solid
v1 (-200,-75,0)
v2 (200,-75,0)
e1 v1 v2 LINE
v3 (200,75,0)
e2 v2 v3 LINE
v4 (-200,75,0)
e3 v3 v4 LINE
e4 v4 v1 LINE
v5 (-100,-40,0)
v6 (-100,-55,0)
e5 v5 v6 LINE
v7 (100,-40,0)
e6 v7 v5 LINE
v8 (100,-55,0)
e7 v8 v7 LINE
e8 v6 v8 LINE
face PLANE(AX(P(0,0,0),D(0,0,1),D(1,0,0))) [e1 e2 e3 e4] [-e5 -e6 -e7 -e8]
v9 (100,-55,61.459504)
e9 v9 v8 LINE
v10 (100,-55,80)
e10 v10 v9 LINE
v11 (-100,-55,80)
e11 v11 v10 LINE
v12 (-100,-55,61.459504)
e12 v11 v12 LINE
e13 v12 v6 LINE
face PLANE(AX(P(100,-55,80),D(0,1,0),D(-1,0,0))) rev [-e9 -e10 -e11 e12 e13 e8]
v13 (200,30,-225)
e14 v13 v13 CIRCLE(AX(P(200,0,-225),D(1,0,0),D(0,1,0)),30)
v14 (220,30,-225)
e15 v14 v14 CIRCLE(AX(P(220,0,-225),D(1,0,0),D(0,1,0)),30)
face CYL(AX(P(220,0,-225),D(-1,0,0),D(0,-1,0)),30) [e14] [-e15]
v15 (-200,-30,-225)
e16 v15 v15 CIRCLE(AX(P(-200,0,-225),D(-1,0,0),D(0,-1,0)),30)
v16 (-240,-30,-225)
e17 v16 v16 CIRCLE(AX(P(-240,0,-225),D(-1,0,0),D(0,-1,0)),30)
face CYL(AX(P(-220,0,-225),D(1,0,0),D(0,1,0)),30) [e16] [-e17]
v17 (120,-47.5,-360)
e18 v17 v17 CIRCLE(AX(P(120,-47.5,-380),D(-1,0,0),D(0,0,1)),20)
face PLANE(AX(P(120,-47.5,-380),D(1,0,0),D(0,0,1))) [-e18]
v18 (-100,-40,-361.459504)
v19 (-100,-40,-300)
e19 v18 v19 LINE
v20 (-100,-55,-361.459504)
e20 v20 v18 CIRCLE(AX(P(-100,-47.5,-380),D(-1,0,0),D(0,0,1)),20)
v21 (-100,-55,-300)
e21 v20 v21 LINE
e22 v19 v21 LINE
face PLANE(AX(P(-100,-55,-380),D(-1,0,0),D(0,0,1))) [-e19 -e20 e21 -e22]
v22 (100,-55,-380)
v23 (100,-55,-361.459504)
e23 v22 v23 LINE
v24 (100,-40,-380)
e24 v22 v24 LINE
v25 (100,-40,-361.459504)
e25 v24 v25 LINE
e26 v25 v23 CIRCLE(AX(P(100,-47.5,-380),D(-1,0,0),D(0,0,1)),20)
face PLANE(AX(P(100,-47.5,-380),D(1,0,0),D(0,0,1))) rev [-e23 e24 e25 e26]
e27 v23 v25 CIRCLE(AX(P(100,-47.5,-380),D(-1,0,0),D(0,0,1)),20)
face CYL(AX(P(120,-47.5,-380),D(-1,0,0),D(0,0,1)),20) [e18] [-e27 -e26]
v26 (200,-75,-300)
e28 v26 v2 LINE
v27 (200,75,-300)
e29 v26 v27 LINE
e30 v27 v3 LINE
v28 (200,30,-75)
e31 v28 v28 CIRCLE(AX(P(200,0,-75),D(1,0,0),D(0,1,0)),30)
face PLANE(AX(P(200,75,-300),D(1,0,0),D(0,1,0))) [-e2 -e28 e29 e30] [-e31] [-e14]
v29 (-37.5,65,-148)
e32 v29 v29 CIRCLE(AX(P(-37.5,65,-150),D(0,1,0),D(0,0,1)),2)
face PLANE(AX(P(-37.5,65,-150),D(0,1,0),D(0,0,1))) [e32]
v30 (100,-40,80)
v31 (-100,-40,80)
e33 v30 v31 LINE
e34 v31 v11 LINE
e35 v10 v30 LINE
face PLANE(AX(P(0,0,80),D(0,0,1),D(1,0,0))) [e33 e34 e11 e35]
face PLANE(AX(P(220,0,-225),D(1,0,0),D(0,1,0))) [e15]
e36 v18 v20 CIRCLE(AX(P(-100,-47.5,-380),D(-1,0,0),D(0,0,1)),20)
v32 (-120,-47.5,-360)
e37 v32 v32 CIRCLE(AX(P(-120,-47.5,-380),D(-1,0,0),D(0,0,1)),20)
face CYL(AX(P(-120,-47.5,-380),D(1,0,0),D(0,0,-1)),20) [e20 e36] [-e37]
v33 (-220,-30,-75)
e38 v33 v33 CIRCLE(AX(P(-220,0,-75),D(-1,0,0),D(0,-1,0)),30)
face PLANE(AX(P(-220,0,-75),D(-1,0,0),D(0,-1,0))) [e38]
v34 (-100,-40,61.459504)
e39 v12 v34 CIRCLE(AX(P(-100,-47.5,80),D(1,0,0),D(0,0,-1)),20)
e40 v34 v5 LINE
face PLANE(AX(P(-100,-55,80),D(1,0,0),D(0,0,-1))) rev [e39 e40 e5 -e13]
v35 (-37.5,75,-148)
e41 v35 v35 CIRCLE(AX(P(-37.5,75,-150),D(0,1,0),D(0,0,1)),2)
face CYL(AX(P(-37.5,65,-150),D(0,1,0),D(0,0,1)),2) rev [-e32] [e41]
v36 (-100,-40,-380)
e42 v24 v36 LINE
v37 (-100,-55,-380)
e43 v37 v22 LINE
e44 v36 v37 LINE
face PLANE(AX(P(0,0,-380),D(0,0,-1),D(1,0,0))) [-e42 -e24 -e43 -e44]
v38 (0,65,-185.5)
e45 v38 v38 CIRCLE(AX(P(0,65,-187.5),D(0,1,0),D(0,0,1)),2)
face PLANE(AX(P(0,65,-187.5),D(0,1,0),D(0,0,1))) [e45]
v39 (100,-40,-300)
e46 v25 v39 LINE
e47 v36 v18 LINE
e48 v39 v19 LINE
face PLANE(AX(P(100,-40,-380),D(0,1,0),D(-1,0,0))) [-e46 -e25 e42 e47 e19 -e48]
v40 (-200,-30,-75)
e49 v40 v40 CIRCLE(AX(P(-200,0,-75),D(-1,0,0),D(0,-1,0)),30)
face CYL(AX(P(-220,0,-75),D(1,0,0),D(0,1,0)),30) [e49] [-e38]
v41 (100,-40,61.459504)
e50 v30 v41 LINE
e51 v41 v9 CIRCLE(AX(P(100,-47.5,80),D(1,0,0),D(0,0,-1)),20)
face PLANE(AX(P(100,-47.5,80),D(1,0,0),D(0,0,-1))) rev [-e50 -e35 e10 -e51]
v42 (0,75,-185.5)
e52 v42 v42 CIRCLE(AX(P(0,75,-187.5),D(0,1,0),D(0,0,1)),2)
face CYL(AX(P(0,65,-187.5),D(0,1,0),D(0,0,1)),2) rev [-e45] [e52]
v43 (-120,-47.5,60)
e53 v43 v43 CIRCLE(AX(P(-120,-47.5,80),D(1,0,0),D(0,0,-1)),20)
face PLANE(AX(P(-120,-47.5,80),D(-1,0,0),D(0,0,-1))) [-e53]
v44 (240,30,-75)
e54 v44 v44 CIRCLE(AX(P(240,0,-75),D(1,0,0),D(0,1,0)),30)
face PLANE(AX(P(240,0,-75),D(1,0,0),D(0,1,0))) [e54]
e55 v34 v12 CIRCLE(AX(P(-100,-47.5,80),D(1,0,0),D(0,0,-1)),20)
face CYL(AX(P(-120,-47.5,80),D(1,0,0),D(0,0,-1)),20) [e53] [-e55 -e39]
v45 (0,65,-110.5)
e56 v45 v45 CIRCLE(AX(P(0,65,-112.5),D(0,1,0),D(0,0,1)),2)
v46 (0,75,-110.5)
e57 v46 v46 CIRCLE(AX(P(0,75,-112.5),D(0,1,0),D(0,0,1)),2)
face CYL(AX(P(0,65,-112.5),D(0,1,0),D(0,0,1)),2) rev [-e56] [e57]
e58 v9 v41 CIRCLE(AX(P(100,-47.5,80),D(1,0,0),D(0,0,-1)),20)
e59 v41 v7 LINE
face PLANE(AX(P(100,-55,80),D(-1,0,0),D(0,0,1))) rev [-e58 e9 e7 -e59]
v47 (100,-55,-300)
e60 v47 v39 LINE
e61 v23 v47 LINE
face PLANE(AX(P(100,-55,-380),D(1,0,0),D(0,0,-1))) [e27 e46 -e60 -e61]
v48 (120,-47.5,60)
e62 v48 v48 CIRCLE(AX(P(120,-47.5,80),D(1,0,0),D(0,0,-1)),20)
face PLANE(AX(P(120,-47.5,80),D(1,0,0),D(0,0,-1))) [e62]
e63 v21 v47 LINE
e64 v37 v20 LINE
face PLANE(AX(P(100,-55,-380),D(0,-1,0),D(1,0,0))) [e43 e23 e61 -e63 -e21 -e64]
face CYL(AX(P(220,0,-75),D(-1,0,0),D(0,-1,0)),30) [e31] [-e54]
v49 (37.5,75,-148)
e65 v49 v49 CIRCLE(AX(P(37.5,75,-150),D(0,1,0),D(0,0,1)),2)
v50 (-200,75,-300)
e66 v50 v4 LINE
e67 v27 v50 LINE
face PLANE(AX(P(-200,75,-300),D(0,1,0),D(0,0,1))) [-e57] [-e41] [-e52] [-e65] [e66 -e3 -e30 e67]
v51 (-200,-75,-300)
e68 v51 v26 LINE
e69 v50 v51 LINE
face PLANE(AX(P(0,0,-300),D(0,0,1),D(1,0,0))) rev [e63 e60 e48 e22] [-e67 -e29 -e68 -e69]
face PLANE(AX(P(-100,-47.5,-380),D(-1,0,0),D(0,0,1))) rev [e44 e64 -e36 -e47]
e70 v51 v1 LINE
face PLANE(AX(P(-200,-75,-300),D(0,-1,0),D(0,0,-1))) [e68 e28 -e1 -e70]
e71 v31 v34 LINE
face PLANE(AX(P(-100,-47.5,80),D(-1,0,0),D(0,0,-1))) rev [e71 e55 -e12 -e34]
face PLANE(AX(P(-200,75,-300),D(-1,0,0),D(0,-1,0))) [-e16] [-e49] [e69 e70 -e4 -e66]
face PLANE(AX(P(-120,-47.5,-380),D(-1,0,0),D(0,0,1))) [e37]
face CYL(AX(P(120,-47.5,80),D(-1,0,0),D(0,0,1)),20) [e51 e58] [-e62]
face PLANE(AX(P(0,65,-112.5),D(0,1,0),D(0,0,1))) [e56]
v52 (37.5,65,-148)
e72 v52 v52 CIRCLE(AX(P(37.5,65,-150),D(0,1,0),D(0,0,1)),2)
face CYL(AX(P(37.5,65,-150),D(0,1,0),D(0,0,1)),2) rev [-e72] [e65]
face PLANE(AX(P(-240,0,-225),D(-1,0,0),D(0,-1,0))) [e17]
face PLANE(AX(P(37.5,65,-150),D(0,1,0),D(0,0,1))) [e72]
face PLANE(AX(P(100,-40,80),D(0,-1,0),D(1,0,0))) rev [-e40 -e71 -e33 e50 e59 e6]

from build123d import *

# Parameters (mm, degrees)
SKETCH_1_W               = 400
SKETCH_1_H               = 150
EXTRUDE_1_DEPTH          = 300
SKETCH_2_R               = 30
EXTRUDE_2_DEPTH          = 20
SKETCH_3_R               = 30
EXTRUDE_3_DEPTH          = 20
EXTRUDE_START            = 20
SKETCH_6_R               = 30
EXTRUDE_4_DEPTH          = 20
SKETCH_7_R               = 30
EXTRUDE_5_DEPTH          = 20
SKETCH_8_W               = 200
SKETCH_8_H               = 15
EXTRUDE_6_DEPTH          = 80
SKETCH_9_R               = 20
EXTRUDE_7_DEPTH          = 20
MIRROR_4_COPY_1_SKETCH_R = 20
MIRROR_4_COPY_1_DEPTH    = 20
SKETCH_10_R              = 2
CUT_EXTRUDE_1_DEPTH      = 10


with BuildPart() as part:
    # 草图1 → 凸台-拉伸1 (new body)
    with BuildSketch(Plane.XY):
        Rectangle(SKETCH_1_W, SKETCH_1_H)
    extrude(amount=-EXTRUDE_1_DEPTH)

    # 草图2 → 凸台-拉伸2 (add)
    with BuildSketch(Plane(origin=(200, 0, 0), x_dir=(0, 0, -1), z_dir=(1, 0, 0))):
        with Locations(Location((75, 0, 0), (0, 0, 90))):
            Circle(SKETCH_2_R)
        with Locations(Location((225, 0, 0), (0, 0, 90))):
            Circle(SKETCH_2_R)
    extrude(amount=EXTRUDE_2_DEPTH)

    # 草图3 → 凸台-拉伸3 (add)
    with BuildSketch(Plane(origin=(220, 0, 0), x_dir=(0, 0, -1), z_dir=(1, 0, 0))):
        with Locations(Location((75, 0, 0), (0, 0, 90))):
            Circle(SKETCH_3_R)
    extrude(amount=EXTRUDE_3_DEPTH)

    # 草图6 → 凸台-拉伸4 (add)
    with BuildSketch(Plane.ZY.offset(200).offset(EXTRUDE_START)):
        with Locations(Location((-225, 0, 0), (0, 0, 90))):
            Circle(SKETCH_6_R)
        with Locations(Location((-75, 0, 0), (0, 0, 90))):
            Circle(SKETCH_6_R)
    extrude(amount=-EXTRUDE_4_DEPTH)

    # 草图7 → 凸台-拉伸5 (add)
    with BuildSketch(Plane.ZY.offset(220).offset(EXTRUDE_START)):
        with Locations(Location((-225, 0, 0), (0, 0, 90))):
            Circle(SKETCH_7_R)
    extrude(amount=-EXTRUDE_5_DEPTH)

    # 草图8 → 凸台-拉伸6 (add)
    with BuildSketch(Plane.XY):
        with Locations((0, -47.5)):
            Rectangle(SKETCH_8_W, SKETCH_8_H)
    extrude_6 = extrude(amount=EXTRUDE_6_DEPTH)

    # 镜向2: 凸台-拉伸6 across plane
    add(extrude_6.mirror(Plane.XY.offset(-150)))

    # 草图9 → 凸台-拉伸7 (add)
    with BuildSketch(Plane(origin=(100, 0, 0), x_dir=(0, 0, -1), z_dir=(1, 0, 0))):
        with Locations(Location((-80, -47.5, 0), (0, 0, 337.975687163))):
            Circle(SKETCH_9_R)
    extrude_7 = extrude(amount=EXTRUDE_7_DEPTH)

    # 镜向3: 凸台-拉伸7 across plane
    add(extrude_7.mirror(Plane.XY.offset(-150)))

    # 镜向4: 凸台-拉伸7 across plane
    add(extrude_7.mirror(Plane(origin=(0, 0, 0), x_dir=(0, 0, 1), z_dir=(1, 0, 0))))

    # 镜向4 copy 1 sketch → 镜向4 copy 1 (add)
    with BuildSketch(Plane(origin=(-100, 0, -300), x_dir=(0, 0, 1), z_dir=(-1, 0, 0))):
        with Locations(Location((-80, -47.5, 0), (0, 0, 337.975687163))):
            Circle(MIRROR_4_COPY_1_SKETCH_R)
    extrude(amount=MIRROR_4_COPY_1_DEPTH)

    # 草图10 → 切除-拉伸1 (cut)
    with BuildSketch(Plane(origin=(0, 75, 0), x_dir=(1, 0, 0), z_dir=(0, 1, 0))):
        with Locations(Location((0, 187.5, 0), (0, 0, 270))):
            Circle(SKETCH_10_R)
        with Locations(Location((37.5, 150, 0), (0, 0, 270))):
            Circle(SKETCH_10_R)
        with Locations(Location((0, 112.5, 0), (0, 0, 270))):
            Circle(SKETCH_10_R)
        with Locations(Location((-37.5, 150, 0), (0, 0, 270))):
            Circle(SKETCH_10_R)
    extrude(amount=-CUT_EXTRUDE_1_DEPTH, mode=Mode.SUBTRACT)


solid = part.part
